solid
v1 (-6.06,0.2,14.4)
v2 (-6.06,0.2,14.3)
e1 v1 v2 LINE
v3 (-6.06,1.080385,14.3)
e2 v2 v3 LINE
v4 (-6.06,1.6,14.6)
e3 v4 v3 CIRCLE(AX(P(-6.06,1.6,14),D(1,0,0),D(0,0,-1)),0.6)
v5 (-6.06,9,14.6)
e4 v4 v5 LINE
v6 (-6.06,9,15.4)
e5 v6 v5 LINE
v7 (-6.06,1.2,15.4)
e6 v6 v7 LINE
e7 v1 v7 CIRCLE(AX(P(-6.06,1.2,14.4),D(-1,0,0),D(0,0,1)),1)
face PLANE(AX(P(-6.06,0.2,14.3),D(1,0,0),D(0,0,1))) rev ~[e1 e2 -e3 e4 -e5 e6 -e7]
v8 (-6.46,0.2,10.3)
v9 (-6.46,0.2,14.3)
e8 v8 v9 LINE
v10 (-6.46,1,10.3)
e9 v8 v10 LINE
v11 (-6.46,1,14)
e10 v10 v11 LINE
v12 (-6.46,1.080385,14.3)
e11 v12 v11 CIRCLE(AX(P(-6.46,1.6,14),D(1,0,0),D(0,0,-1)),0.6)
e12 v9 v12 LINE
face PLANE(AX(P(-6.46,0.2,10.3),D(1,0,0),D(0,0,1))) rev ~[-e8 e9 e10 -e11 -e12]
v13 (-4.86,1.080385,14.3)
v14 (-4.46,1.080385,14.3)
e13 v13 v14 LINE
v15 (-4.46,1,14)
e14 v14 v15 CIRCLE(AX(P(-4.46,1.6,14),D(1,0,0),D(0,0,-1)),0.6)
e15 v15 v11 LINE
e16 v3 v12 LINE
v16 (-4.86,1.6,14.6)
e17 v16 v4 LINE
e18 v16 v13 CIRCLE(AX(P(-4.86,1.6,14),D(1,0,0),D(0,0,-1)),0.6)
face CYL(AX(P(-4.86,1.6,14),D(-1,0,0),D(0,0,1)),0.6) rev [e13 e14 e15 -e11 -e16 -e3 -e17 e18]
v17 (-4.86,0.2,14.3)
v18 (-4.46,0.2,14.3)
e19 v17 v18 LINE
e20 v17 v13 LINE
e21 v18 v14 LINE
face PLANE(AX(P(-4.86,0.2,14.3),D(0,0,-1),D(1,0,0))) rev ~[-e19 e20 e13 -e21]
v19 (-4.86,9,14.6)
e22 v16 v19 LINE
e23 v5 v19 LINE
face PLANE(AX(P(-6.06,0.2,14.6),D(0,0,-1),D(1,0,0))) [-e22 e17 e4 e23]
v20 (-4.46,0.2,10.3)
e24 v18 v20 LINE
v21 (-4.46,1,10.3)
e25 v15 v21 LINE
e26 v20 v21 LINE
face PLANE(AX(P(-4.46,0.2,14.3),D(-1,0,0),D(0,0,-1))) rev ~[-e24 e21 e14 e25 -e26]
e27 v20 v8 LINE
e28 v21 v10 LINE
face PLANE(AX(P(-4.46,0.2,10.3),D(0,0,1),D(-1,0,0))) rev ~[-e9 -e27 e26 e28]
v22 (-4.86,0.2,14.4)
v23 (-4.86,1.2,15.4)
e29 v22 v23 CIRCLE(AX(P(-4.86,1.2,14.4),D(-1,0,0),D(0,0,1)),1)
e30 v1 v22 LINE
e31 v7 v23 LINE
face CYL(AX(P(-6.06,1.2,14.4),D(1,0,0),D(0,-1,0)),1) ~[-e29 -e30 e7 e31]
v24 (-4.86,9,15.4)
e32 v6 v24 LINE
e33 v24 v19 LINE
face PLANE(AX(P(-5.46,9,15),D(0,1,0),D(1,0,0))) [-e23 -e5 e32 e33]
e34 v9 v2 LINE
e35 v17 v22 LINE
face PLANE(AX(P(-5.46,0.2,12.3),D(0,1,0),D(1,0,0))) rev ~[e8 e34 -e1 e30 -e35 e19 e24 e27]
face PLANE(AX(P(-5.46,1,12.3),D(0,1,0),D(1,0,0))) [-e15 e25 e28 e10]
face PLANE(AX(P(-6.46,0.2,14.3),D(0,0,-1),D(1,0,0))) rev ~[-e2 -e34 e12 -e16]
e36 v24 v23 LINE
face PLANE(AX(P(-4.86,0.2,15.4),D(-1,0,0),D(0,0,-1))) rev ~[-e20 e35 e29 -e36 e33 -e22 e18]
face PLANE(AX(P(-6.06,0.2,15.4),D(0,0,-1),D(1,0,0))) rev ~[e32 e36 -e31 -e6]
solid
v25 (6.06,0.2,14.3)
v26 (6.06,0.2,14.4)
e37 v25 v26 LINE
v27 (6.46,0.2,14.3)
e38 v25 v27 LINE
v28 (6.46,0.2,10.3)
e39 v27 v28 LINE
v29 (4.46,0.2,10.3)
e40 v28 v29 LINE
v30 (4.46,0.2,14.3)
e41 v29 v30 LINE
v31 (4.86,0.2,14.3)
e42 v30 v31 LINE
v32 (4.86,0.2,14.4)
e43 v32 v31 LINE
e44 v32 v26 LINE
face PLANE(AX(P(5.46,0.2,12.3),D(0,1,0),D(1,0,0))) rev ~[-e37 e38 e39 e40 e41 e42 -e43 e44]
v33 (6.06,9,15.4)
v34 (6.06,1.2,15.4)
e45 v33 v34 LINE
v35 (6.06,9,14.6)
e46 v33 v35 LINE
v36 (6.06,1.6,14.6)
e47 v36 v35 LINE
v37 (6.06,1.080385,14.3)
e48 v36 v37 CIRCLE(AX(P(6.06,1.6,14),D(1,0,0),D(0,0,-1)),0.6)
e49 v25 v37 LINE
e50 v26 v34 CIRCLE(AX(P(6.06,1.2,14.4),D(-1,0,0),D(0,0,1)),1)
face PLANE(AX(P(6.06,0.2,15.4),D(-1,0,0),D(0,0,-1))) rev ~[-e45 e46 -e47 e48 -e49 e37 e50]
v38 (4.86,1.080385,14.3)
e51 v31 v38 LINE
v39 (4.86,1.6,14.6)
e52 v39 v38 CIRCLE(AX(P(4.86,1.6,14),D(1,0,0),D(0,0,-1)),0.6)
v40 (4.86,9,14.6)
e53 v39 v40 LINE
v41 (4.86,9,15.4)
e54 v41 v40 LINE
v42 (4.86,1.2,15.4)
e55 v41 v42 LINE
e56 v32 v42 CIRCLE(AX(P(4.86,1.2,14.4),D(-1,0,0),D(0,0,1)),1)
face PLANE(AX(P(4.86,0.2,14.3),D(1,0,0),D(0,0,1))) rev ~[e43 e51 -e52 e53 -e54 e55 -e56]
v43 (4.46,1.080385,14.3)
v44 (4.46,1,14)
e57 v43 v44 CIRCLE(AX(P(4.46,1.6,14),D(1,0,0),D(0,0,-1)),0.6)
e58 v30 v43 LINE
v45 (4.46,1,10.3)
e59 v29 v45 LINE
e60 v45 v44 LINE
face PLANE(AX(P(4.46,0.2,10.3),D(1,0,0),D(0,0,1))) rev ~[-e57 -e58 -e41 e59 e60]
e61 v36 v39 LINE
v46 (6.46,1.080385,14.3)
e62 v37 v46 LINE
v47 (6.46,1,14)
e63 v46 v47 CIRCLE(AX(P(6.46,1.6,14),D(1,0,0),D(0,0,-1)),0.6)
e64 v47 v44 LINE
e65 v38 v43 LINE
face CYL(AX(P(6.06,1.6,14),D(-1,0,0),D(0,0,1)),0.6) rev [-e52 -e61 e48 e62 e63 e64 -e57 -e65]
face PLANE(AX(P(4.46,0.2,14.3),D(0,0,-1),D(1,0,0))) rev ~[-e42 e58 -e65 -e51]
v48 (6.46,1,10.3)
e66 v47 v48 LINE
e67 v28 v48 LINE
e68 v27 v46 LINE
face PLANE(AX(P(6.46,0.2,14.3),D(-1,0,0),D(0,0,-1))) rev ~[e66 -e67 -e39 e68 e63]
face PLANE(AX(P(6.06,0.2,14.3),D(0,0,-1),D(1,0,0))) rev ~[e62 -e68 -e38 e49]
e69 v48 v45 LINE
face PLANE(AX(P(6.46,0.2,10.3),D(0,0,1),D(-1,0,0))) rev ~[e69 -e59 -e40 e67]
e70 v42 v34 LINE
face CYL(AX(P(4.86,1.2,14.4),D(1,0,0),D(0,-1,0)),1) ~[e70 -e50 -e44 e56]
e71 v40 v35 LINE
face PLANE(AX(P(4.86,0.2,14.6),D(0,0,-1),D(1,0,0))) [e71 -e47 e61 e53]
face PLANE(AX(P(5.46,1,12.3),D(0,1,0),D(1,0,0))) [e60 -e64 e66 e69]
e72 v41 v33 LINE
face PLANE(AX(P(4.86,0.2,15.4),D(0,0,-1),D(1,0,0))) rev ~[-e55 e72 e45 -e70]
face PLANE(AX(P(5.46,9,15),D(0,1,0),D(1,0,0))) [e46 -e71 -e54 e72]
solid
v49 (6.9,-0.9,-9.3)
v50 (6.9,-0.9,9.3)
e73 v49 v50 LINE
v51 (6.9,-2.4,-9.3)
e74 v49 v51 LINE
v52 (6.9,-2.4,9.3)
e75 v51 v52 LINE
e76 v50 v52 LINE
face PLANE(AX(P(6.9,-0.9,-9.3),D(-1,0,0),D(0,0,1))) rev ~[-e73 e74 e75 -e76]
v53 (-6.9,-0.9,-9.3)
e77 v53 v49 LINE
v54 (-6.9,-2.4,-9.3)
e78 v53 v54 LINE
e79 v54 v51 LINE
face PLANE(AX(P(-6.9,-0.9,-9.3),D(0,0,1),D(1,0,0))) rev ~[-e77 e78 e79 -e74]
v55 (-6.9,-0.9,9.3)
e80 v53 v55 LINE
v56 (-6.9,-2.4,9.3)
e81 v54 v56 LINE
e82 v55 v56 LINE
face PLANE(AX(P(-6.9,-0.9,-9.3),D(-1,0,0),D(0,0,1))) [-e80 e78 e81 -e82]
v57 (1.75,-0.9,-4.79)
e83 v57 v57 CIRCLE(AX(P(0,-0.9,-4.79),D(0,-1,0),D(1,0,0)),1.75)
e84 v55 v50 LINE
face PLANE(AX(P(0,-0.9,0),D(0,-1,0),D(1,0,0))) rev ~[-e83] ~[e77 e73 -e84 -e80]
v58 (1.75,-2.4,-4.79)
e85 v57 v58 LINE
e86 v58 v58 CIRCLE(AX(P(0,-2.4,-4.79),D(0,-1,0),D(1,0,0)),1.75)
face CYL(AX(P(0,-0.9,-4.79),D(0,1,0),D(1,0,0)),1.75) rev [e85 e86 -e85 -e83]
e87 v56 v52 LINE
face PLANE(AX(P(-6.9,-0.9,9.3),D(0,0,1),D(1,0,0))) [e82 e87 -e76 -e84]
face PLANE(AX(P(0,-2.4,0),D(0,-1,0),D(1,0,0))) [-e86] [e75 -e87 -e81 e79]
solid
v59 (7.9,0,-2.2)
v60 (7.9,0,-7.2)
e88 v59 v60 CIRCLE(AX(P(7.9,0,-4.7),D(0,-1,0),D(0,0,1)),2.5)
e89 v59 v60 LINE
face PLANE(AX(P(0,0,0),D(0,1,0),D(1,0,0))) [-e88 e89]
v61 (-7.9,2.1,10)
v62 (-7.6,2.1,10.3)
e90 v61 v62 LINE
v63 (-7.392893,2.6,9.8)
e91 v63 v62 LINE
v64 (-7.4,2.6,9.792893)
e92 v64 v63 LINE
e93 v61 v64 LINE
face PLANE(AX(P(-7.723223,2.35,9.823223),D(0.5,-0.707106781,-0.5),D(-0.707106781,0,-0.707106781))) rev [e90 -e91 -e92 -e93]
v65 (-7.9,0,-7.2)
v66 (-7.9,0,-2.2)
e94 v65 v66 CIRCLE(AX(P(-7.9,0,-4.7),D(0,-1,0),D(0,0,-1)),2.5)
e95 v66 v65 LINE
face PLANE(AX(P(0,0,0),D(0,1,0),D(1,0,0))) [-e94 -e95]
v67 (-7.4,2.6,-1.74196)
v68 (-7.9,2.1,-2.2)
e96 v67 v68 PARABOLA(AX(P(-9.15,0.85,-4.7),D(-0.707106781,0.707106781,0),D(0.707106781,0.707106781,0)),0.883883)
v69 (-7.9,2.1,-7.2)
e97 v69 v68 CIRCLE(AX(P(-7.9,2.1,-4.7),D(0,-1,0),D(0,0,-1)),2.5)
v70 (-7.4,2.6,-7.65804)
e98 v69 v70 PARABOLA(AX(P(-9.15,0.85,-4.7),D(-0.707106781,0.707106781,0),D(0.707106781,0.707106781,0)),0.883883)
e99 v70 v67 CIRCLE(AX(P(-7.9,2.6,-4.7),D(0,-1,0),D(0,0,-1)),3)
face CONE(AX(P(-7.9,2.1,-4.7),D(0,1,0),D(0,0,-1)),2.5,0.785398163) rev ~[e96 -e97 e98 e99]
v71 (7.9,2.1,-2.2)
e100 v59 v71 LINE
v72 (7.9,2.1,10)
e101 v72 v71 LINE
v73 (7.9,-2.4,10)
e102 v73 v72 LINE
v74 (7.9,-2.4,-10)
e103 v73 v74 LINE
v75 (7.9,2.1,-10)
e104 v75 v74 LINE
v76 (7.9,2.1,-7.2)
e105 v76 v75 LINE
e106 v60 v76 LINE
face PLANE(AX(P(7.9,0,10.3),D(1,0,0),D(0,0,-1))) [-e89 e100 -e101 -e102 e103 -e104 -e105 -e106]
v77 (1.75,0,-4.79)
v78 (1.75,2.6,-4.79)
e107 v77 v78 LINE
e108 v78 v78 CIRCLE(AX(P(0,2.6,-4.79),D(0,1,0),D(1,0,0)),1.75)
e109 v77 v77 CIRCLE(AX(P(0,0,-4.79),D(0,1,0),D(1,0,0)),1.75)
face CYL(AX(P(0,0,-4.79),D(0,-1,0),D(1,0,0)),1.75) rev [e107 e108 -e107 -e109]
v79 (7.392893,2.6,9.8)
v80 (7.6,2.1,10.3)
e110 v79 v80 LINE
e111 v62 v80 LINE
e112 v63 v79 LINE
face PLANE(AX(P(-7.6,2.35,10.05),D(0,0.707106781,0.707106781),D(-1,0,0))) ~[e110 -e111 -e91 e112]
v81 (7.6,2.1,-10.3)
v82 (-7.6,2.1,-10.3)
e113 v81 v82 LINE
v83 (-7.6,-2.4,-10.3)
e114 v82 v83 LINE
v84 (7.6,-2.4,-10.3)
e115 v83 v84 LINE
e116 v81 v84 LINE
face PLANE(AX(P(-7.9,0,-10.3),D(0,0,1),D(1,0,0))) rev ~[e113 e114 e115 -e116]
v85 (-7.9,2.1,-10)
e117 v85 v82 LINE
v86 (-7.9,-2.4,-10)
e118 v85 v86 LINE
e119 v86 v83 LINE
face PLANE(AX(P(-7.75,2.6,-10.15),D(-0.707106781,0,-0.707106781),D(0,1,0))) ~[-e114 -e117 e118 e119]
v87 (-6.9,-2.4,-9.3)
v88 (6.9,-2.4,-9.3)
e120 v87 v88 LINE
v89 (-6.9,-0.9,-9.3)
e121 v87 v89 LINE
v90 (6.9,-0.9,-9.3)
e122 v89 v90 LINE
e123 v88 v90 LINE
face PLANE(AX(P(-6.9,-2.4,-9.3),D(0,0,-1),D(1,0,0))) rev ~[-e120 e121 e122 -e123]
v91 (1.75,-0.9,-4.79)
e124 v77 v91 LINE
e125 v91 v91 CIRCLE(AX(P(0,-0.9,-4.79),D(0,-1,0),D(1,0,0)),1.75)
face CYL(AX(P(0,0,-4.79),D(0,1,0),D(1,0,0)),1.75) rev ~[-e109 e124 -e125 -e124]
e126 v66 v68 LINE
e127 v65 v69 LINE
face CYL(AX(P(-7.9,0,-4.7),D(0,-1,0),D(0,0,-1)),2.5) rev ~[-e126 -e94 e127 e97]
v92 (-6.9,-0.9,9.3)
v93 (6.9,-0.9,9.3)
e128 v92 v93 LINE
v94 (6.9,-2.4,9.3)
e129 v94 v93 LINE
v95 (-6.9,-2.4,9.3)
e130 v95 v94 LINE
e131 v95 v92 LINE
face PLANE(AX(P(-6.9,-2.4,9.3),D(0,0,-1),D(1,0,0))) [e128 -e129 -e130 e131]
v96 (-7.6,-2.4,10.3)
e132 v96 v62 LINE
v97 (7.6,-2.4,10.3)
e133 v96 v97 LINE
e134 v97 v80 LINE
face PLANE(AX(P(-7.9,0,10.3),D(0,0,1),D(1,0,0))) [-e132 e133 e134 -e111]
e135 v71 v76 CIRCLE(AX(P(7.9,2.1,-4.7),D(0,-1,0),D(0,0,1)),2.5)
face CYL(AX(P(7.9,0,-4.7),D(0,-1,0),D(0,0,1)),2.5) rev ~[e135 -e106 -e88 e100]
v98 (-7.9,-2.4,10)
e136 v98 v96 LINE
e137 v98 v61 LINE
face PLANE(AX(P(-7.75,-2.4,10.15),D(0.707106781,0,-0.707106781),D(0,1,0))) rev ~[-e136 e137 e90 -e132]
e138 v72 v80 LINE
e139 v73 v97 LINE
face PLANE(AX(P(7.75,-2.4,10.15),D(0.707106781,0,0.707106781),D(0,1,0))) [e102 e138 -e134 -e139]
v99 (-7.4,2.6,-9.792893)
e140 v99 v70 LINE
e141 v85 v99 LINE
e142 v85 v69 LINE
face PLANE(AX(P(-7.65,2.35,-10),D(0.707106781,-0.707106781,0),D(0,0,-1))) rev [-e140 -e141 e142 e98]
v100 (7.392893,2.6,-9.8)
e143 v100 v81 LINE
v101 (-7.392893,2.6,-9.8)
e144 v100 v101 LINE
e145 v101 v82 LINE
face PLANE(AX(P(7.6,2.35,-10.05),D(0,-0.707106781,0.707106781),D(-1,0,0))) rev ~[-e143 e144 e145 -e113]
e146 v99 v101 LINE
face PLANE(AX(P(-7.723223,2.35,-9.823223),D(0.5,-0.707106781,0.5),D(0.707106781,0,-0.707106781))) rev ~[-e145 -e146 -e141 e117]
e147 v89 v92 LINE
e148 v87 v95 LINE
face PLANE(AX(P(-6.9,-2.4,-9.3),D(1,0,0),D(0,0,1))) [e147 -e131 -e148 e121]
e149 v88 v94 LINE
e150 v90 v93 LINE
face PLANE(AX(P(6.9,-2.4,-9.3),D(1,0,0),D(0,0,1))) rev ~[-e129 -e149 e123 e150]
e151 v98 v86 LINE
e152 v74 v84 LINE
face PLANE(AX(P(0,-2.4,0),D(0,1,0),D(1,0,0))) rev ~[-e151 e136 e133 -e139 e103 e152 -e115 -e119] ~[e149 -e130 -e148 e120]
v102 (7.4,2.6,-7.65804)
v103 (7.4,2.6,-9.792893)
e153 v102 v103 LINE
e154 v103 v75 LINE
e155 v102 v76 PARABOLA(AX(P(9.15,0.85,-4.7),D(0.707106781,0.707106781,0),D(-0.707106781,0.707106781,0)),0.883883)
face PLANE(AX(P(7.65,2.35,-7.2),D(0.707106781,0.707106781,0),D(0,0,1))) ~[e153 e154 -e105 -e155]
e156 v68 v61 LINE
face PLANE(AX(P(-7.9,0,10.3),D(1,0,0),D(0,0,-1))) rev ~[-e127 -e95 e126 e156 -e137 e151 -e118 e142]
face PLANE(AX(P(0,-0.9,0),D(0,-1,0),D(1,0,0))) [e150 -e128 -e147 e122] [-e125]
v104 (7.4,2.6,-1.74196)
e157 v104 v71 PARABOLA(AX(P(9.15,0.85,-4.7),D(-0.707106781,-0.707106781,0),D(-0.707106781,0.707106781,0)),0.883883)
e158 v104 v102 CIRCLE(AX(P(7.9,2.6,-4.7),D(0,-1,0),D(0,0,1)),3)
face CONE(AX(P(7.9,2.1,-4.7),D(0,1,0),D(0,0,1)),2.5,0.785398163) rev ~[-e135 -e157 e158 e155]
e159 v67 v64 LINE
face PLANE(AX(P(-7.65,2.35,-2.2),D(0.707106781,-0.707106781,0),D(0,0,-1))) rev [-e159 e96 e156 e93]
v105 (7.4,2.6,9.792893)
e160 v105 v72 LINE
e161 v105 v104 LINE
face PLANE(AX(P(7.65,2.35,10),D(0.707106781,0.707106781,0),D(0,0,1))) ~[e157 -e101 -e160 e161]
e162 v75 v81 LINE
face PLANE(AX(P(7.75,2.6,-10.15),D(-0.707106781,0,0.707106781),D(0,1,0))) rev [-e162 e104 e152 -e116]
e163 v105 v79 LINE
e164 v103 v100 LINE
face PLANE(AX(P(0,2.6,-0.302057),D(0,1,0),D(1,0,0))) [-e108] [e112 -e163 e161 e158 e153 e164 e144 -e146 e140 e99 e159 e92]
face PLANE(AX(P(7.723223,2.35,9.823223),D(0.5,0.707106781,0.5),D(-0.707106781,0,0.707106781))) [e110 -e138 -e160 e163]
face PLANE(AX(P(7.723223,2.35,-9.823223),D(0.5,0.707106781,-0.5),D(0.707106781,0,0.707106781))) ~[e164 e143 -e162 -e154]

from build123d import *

# Parameters (mm, degrees)
SKETCH_1_R          = 1.75
EXTRUDE_1_DEPTH     = 2.6
SKETCH_1_3_W        = 15.8
SKETCH_1_3_H        = 20.6
SKETCH_1_3_R        = 1.75
EXTRUDE_2_DEPTH     = 2.4
EXTRUDE_START       = 0.2
SKETCH_1_4_W        = 1.2
SKETCH_1_4_H        = 0.3
SKETCH_1_4_H_2      = 0.8
EXTRUDE_3_DEPTH     = 0.8
SKETCH_1_5_W        = 1.2
SKETCH_1_5_H        = 0.8
EXTRUDE_4_DEPTH     = 8.8
FILLET_1_R          = 1
FILLET_2_R          = 1
FILLET_3_R          = 0.6
FILLET_4_R          = 0.6
CHAMFER_1_SIZE      = 0.3
CHAMFER_2_SIZE      = 0.5
SKETCH_2_W          = 13.8
SKETCH_2_H          = 18.6
SKETCH_2_R          = 1.75
CUT_EXTRUDE_1_DEPTH = 1.5
EXTRUDE_START_2     = -1.5
SKETCH_2_3_W        = 13.8
SKETCH_2_3_H        = 18.6
SKETCH_2_3_R        = 1.75
EXTRUDE_5_DEPTH     = 1.5


with BuildPart() as part:
    # Эскиз1 → Бобышка-Вытянуть1 (new body)
    with BuildSketch(Plane(origin=(0, 0, 0), x_dir=(1, 0, 0), z_dir=(0, 1, 0))):
        with BuildLine():
            Line((6.46, -10.3), (7.9, -10.3))
            Line((7.9, -10.3), (7.9, 2.2))
            ThreePointArc((7.9, 2.2), (5.4, 4.7), (7.9, 7.2))
            Line((7.9, 7.2), (7.9, 10.3))
            Line((7.9, 10.3), (-7.9, 10.3))
            Line((-7.9, 10.3), (-7.9, 7.2))
            ThreePointArc((-7.9, 7.2), (-5.4, 4.7), (-7.9, 2.2))
            Line((-7.9, 2.2), (-7.9, -10.3))
            Line((-7.9, -10.3), (-6.46, -10.3))
            Line((-6.46, -10.3), (-4.46, -10.3))
            Line((-4.46, -10.3), (4.46, -10.3))
            Line((4.46, -10.3), (6.46, -10.3))
        make_face()
        with Locations((0, 4.79)):
            Circle(SKETCH_1_R, mode=Mode.SUBTRACT)
    extrude(amount=EXTRUDE_1_DEPTH)

    # Эскиз1<3> → Бобышка-Вытянуть2 (add)
    with BuildSketch(Plane(origin=(0, 0, 0), x_dir=(1, 0, 0), z_dir=(0, 1, 0))):
        Rectangle(SKETCH_1_3_W, SKETCH_1_3_H)
        with Locations((0, 4.79)):
            Circle(SKETCH_1_3_R, mode=Mode.SUBTRACT)
    extrude(amount=-EXTRUDE_2_DEPTH)

    # Фаска1
    chamfer_1_edges = [part.edges().sort_by_distance(p)[0] for p in [
        (7.9, 0.1, 10.3),
        (-7.9, 0.1, 10.3),
        (-7.9, 0.1, -10.3),
        (7.9, 0.1, -10.3),
    ]]
    chamfer(chamfer_1_edges, length=CHAMFER_1_SIZE)

    # Фаска2
    chamfer_2_edges = [part.edges().sort_by_distance(p)[0] for p in [
        (5.4, 2.6, -4.7),
        (7.9, 2.6, -8.6),
        (-7.9, 2.6, -8.6),
        (-5.4, 2.6, -4.7),
        (0, 2.6, 10.3),
        (-7.9, 2.6, 3.9),
        (7.9, 2.6, 3.9),
        (0, 2.6, -10.3),
        (7.75, 2.6, 10.15),
        (7.75, 2.6, -10.15),
        (-7.75, 2.6, -10.15),
        (-7.75, 2.6, 10.15),
    ]]
    chamfer(chamfer_2_edges, length=CHAMFER_2_SIZE)

    # Эскиз2 → Вырез-Вытянуть1 (cut)
    with BuildSketch(Plane.XZ.offset(2.4)):
        Rectangle(SKETCH_2_W, SKETCH_2_H)
        with Locations((0, -4.79)):
            Circle(SKETCH_2_R, mode=Mode.SUBTRACT)
    extrude(amount=-CUT_EXTRUDE_1_DEPTH, mode=Mode.SUBTRACT)


with BuildPart() as body_2:
    # Эскиз1<4> → Бобышка-Вытянуть3 (new body)
    with BuildSketch(Plane(origin=(0, 0, 0), x_dir=(1, 0, 0), z_dir=(0, 1, 0)).offset(EXTRUDE_START)):
        Polygon((-4.46, -14.3), (-4.46, -10.3), (-6.46, -10.3), (-6.46, -14.3), (-6.06, -14.3), (-4.86, -14.3), align=None)
        with Locations((-5.46, -14.45)):
            Rectangle(SKETCH_1_4_W, SKETCH_1_4_H)
        with Locations((-5.46, -15)):
            Rectangle(SKETCH_1_4_W, SKETCH_1_4_H_2)
        Polygon((6.46, -14.3), (6.46, -10.3), (4.46, -10.3), (4.46, -14.3), (4.86, -14.3), (6.06, -14.3), align=None)
        with Locations((5.46, -14.45)):
            Rectangle(SKETCH_1_4_W, SKETCH_1_4_H)
        with Locations((5.46, -15)):
            Rectangle(SKETCH_1_4_W, SKETCH_1_4_H_2)
    extrude(amount=EXTRUDE_3_DEPTH)

    # Эскиз1<5> → Бобышка-Вытянуть4 (add)
    with BuildSketch(Plane(origin=(0, 0, 0), x_dir=(1, 0, 0), z_dir=(0, 1, 0)).offset(EXTRUDE_START)):
        with Locations((-5.46, -15)):
            Rectangle(SKETCH_1_5_W, SKETCH_1_5_H)
        with Locations((5.46, -15)):
            Rectangle(SKETCH_1_5_W, SKETCH_1_5_H)
    extrude(amount=EXTRUDE_4_DEPTH)

    # Скругление1
    fillet_1_edges = [body_2.edges().sort_by_distance(p)[0] for p in [
        (-5.46, 0.2, 15.4),
    ]]
    fillet(fillet_1_edges, radius=FILLET_1_R)

    # Скругление2
    fillet_2_edges = [body_2.edges().sort_by_distance(p)[0] for p in [
        (5.46, 0.2, 15.4),
    ]]
    fillet(fillet_2_edges, radius=FILLET_2_R)

    # Скругление3
    fillet_3_edges = [body_2.edges().sort_by_distance(p)[0] for p in [
        (-5.46, 1, 14.6),
    ]]
    fillet(fillet_3_edges, radius=FILLET_3_R)

    # Скругление4
    fillet_4_edges = [body_2.edges().sort_by_distance(p)[0] for p in [
        (5.46, 1, 14.6),
    ]]
    fillet(fillet_4_edges, radius=FILLET_4_R)


with BuildPart() as body_3:
    # Эскиз2<3> → Бобышка-Вытянуть5 (new body)
    with BuildSketch(Plane.XZ.offset(2.4).offset(EXTRUDE_START_2)):
        Rectangle(SKETCH_2_3_W, SKETCH_2_3_H)
        with Locations((0, -4.79)):
            Circle(SKETCH_2_3_R, mode=Mode.SUBTRACT)
    extrude(amount=EXTRUDE_5_DEPTH)


solid = Compound([part.part, body_2.part, body_3.part])
